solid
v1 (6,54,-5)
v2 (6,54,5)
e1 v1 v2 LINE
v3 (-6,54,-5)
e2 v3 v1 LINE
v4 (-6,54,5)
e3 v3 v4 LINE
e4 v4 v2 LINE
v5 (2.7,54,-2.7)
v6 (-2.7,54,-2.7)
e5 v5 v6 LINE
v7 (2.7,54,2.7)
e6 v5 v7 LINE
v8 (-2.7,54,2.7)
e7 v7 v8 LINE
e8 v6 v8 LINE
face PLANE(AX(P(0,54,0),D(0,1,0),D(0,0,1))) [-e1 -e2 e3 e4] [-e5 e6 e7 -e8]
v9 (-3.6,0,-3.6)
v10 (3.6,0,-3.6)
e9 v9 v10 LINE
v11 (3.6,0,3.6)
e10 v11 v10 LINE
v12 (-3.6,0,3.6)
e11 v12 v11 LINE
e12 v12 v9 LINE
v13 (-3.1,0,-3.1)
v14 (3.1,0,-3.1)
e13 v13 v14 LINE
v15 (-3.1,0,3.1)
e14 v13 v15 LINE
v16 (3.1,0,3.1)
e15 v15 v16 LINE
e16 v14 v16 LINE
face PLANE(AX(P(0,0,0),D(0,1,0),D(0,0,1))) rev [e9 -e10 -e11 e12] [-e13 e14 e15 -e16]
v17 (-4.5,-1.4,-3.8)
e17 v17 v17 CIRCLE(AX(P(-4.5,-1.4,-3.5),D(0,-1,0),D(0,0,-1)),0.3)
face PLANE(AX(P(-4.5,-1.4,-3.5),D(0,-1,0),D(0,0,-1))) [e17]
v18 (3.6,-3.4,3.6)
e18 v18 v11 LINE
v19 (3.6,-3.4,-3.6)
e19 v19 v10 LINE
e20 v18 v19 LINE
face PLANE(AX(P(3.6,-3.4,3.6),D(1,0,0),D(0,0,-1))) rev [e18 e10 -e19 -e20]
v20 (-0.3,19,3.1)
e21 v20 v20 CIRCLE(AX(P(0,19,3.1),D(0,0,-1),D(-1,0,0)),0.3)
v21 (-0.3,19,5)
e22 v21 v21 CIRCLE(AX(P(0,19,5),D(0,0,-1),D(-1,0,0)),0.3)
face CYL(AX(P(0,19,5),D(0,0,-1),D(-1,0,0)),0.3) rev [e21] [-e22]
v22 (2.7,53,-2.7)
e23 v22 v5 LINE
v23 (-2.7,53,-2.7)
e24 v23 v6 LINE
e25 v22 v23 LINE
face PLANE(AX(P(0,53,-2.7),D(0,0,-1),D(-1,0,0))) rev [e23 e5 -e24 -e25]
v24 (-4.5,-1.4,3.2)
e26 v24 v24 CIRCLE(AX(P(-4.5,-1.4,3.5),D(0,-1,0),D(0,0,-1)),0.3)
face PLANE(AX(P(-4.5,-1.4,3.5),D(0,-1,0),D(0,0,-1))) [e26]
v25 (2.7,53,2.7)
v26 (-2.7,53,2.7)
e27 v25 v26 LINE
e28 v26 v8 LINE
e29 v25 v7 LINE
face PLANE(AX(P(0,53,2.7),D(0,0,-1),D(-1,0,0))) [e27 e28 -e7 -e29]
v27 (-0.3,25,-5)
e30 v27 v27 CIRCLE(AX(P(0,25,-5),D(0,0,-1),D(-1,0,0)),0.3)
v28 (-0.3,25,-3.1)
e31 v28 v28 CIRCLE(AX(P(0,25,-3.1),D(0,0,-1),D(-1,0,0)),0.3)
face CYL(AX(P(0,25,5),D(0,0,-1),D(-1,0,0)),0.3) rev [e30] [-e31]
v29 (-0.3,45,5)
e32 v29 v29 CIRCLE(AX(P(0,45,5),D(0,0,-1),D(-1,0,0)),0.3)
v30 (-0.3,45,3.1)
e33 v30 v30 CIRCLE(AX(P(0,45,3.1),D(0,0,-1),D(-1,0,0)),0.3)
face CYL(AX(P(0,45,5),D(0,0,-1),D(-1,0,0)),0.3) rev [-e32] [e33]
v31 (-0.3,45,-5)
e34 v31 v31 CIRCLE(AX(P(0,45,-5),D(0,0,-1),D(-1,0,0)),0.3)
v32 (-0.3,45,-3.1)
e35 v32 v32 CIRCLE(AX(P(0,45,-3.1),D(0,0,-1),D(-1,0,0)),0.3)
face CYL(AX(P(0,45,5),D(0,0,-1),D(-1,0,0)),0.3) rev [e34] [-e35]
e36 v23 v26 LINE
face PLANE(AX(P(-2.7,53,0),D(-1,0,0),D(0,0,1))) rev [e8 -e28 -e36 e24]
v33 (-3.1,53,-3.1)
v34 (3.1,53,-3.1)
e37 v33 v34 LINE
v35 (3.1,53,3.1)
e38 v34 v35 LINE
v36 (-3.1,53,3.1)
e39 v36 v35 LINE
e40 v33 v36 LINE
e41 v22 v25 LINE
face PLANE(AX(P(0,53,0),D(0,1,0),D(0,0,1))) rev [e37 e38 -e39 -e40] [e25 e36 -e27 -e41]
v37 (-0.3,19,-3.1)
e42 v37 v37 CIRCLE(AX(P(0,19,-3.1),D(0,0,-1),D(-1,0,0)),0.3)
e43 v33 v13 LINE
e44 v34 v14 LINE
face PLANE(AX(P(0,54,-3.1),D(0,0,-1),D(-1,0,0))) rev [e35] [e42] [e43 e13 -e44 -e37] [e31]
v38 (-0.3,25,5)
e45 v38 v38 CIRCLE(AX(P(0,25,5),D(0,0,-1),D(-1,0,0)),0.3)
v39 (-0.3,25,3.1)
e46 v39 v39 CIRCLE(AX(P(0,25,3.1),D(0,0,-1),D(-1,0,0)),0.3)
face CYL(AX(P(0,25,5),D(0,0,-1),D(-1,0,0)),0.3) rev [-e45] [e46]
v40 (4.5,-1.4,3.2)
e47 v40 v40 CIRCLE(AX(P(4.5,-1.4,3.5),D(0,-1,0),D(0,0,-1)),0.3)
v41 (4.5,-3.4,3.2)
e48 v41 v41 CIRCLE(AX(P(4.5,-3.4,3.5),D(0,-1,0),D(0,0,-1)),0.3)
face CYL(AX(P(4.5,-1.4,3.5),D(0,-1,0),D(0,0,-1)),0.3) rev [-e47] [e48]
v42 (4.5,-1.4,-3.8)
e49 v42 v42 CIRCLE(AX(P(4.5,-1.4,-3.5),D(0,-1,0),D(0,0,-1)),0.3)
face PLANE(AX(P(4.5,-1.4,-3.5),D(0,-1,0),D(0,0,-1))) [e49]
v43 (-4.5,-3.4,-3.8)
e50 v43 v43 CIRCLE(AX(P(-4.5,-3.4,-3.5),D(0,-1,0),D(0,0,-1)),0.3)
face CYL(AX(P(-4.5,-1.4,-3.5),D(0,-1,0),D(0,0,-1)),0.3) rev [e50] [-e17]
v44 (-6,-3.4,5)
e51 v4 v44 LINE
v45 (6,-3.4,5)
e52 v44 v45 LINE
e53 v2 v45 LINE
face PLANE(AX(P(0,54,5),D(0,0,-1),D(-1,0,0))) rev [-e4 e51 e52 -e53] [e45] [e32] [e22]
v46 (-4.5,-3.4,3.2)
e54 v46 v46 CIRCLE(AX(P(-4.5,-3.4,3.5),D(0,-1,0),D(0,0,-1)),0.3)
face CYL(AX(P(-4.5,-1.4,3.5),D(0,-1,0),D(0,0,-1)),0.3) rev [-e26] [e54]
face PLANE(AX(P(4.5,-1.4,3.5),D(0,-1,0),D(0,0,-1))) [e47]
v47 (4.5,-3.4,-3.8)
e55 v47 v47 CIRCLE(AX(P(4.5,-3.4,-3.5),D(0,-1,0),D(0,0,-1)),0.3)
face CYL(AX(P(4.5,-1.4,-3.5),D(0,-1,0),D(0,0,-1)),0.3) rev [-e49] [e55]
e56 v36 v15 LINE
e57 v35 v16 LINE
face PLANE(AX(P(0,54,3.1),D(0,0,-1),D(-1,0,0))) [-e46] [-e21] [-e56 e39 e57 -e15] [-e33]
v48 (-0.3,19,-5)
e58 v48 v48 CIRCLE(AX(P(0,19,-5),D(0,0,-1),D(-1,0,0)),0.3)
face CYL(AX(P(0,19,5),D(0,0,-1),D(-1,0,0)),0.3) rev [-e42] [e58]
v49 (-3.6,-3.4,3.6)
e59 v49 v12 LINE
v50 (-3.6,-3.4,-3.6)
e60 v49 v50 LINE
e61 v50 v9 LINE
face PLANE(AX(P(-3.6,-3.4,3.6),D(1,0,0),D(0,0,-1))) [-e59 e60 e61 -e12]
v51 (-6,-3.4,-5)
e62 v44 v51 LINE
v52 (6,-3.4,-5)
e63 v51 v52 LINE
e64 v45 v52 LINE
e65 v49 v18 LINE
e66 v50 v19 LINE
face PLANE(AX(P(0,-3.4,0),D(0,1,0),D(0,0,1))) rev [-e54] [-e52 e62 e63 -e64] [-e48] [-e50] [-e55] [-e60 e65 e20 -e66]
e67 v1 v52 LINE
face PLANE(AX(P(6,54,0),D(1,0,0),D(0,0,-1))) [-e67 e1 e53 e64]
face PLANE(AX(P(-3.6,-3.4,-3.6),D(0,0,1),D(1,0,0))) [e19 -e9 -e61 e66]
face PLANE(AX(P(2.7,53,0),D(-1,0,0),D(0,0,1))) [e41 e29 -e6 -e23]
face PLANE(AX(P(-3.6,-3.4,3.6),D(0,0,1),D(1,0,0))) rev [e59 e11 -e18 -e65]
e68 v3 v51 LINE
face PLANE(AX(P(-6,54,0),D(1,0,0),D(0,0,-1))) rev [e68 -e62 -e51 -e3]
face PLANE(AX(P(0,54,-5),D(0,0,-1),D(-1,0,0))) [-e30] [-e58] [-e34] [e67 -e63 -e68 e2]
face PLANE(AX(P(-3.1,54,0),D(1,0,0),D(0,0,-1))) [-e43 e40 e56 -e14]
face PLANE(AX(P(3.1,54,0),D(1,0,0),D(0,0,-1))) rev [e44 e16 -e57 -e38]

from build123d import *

# Parameters (mm, degrees)
SKETCH_1_W          = 12
SKETCH_1_H          = 10
SKETCH_1_W_2        = 6.2
SKETCH_1_H_2        = 6.2
EXTRUDE_1_DEPTH     = 54
EXTRUDE_START       = 54
SKETCH_1_3_W        = 12
SKETCH_1_3_H        = 10
SKETCH_1_3_W_2      = 6.2
SKETCH_1_3_H_2      = 6.2
SKETCH_1_3_W_3      = 5.4
SKETCH_1_3_H_3      = 5.4
EXTRUDE_2_DEPTH     = 1
SKETCH_3_W          = 12
SKETCH_3_H          = 10
SKETCH_3_W_2        = 7.2
SKETCH_3_H_2        = 7.2
EXTRUDE_3_DEPTH     = 3.4
SKETCH_2_R          = 0.3
CUT_EXTRUDE_1_DEPTH = 2
SKETCH_7_R          = 0.3
CUT_EXTRUDE_2_DEPTH = 56.244909268


with BuildPart() as part:
    # 草图1 → 凸台-拉伸1 (new body)
    with BuildSketch(Plane(origin=(0, 0, 0), x_dir=(1, 0, 0), z_dir=(0, 1, 0))):
        Rectangle(SKETCH_1_W, SKETCH_1_H)
        Rectangle(SKETCH_1_W_2, SKETCH_1_H_2, mode=Mode.SUBTRACT)
    extrude(amount=EXTRUDE_1_DEPTH)

    # 草图1<3> → 凸台-拉伸2 (add)
    # profile 1 of 2: a face of its own
    with BuildSketch(Plane(origin=(0, 0, 0), x_dir=(1, 0, 0), z_dir=(0, 1, 0)).offset(EXTRUDE_START)):
        Rectangle(SKETCH_1_3_W, SKETCH_1_3_H)
        Rectangle(SKETCH_1_3_W_2, SKETCH_1_3_H_2, mode=Mode.SUBTRACT)
    # profile 2 of 2: a face of its own
    with BuildSketch(Plane(origin=(0, 0, 0), x_dir=(1, 0, 0), z_dir=(0, 1, 0)).offset(EXTRUDE_START)):
        Rectangle(SKETCH_1_3_W_2, SKETCH_1_3_H_2)
        Rectangle(SKETCH_1_3_W_3, SKETCH_1_3_H_3, mode=Mode.SUBTRACT)
    extrude(amount=-EXTRUDE_2_DEPTH)

    # 草图3 → 凸台-拉伸3 (add)
    with BuildSketch(Plane.XZ):
        Rectangle(SKETCH_3_W, SKETCH_3_H)
        Rectangle(SKETCH_3_W_2, SKETCH_3_H_2, mode=Mode.SUBTRACT)
    extrude(amount=EXTRUDE_3_DEPTH)

    # 草图2 → 切除-拉伸1 (cut)
    with BuildSketch(Plane.XZ.offset(3.4)):
        with Locations(Location((-4.5, 3.5, 0), (0, 0, 270))):
            Circle(SKETCH_2_R)
        with Locations(Location((4.5, -3.5, 0), (0, 0, 270))):
            Circle(SKETCH_2_R)
        with Locations(Location((4.5, 3.5, 0), (0, 0, 270))):
            Circle(SKETCH_2_R)
        with Locations(Location((-4.5, -3.5, 0), (0, 0, 270))):
            Circle(SKETCH_2_R)
    extrude(amount=-CUT_EXTRUDE_1_DEPTH, mode=Mode.SUBTRACT)

    # 草图7 → 切除-拉伸2 (cut, through all)
    with BuildSketch(Plane(origin=(0, 0, -5), x_dir=(-1, 0, 0), z_dir=(0, 0, -1))):
        with Locations((0, 19)):
            Circle(SKETCH_7_R)
        with Locations((0, 25)):
            Circle(SKETCH_7_R)
        with Locations((0, 45)):
            Circle(SKETCH_7_R)
    extrude(amount=-CUT_EXTRUDE_2_DEPTH, mode=Mode.SUBTRACT)


solid = part.part
